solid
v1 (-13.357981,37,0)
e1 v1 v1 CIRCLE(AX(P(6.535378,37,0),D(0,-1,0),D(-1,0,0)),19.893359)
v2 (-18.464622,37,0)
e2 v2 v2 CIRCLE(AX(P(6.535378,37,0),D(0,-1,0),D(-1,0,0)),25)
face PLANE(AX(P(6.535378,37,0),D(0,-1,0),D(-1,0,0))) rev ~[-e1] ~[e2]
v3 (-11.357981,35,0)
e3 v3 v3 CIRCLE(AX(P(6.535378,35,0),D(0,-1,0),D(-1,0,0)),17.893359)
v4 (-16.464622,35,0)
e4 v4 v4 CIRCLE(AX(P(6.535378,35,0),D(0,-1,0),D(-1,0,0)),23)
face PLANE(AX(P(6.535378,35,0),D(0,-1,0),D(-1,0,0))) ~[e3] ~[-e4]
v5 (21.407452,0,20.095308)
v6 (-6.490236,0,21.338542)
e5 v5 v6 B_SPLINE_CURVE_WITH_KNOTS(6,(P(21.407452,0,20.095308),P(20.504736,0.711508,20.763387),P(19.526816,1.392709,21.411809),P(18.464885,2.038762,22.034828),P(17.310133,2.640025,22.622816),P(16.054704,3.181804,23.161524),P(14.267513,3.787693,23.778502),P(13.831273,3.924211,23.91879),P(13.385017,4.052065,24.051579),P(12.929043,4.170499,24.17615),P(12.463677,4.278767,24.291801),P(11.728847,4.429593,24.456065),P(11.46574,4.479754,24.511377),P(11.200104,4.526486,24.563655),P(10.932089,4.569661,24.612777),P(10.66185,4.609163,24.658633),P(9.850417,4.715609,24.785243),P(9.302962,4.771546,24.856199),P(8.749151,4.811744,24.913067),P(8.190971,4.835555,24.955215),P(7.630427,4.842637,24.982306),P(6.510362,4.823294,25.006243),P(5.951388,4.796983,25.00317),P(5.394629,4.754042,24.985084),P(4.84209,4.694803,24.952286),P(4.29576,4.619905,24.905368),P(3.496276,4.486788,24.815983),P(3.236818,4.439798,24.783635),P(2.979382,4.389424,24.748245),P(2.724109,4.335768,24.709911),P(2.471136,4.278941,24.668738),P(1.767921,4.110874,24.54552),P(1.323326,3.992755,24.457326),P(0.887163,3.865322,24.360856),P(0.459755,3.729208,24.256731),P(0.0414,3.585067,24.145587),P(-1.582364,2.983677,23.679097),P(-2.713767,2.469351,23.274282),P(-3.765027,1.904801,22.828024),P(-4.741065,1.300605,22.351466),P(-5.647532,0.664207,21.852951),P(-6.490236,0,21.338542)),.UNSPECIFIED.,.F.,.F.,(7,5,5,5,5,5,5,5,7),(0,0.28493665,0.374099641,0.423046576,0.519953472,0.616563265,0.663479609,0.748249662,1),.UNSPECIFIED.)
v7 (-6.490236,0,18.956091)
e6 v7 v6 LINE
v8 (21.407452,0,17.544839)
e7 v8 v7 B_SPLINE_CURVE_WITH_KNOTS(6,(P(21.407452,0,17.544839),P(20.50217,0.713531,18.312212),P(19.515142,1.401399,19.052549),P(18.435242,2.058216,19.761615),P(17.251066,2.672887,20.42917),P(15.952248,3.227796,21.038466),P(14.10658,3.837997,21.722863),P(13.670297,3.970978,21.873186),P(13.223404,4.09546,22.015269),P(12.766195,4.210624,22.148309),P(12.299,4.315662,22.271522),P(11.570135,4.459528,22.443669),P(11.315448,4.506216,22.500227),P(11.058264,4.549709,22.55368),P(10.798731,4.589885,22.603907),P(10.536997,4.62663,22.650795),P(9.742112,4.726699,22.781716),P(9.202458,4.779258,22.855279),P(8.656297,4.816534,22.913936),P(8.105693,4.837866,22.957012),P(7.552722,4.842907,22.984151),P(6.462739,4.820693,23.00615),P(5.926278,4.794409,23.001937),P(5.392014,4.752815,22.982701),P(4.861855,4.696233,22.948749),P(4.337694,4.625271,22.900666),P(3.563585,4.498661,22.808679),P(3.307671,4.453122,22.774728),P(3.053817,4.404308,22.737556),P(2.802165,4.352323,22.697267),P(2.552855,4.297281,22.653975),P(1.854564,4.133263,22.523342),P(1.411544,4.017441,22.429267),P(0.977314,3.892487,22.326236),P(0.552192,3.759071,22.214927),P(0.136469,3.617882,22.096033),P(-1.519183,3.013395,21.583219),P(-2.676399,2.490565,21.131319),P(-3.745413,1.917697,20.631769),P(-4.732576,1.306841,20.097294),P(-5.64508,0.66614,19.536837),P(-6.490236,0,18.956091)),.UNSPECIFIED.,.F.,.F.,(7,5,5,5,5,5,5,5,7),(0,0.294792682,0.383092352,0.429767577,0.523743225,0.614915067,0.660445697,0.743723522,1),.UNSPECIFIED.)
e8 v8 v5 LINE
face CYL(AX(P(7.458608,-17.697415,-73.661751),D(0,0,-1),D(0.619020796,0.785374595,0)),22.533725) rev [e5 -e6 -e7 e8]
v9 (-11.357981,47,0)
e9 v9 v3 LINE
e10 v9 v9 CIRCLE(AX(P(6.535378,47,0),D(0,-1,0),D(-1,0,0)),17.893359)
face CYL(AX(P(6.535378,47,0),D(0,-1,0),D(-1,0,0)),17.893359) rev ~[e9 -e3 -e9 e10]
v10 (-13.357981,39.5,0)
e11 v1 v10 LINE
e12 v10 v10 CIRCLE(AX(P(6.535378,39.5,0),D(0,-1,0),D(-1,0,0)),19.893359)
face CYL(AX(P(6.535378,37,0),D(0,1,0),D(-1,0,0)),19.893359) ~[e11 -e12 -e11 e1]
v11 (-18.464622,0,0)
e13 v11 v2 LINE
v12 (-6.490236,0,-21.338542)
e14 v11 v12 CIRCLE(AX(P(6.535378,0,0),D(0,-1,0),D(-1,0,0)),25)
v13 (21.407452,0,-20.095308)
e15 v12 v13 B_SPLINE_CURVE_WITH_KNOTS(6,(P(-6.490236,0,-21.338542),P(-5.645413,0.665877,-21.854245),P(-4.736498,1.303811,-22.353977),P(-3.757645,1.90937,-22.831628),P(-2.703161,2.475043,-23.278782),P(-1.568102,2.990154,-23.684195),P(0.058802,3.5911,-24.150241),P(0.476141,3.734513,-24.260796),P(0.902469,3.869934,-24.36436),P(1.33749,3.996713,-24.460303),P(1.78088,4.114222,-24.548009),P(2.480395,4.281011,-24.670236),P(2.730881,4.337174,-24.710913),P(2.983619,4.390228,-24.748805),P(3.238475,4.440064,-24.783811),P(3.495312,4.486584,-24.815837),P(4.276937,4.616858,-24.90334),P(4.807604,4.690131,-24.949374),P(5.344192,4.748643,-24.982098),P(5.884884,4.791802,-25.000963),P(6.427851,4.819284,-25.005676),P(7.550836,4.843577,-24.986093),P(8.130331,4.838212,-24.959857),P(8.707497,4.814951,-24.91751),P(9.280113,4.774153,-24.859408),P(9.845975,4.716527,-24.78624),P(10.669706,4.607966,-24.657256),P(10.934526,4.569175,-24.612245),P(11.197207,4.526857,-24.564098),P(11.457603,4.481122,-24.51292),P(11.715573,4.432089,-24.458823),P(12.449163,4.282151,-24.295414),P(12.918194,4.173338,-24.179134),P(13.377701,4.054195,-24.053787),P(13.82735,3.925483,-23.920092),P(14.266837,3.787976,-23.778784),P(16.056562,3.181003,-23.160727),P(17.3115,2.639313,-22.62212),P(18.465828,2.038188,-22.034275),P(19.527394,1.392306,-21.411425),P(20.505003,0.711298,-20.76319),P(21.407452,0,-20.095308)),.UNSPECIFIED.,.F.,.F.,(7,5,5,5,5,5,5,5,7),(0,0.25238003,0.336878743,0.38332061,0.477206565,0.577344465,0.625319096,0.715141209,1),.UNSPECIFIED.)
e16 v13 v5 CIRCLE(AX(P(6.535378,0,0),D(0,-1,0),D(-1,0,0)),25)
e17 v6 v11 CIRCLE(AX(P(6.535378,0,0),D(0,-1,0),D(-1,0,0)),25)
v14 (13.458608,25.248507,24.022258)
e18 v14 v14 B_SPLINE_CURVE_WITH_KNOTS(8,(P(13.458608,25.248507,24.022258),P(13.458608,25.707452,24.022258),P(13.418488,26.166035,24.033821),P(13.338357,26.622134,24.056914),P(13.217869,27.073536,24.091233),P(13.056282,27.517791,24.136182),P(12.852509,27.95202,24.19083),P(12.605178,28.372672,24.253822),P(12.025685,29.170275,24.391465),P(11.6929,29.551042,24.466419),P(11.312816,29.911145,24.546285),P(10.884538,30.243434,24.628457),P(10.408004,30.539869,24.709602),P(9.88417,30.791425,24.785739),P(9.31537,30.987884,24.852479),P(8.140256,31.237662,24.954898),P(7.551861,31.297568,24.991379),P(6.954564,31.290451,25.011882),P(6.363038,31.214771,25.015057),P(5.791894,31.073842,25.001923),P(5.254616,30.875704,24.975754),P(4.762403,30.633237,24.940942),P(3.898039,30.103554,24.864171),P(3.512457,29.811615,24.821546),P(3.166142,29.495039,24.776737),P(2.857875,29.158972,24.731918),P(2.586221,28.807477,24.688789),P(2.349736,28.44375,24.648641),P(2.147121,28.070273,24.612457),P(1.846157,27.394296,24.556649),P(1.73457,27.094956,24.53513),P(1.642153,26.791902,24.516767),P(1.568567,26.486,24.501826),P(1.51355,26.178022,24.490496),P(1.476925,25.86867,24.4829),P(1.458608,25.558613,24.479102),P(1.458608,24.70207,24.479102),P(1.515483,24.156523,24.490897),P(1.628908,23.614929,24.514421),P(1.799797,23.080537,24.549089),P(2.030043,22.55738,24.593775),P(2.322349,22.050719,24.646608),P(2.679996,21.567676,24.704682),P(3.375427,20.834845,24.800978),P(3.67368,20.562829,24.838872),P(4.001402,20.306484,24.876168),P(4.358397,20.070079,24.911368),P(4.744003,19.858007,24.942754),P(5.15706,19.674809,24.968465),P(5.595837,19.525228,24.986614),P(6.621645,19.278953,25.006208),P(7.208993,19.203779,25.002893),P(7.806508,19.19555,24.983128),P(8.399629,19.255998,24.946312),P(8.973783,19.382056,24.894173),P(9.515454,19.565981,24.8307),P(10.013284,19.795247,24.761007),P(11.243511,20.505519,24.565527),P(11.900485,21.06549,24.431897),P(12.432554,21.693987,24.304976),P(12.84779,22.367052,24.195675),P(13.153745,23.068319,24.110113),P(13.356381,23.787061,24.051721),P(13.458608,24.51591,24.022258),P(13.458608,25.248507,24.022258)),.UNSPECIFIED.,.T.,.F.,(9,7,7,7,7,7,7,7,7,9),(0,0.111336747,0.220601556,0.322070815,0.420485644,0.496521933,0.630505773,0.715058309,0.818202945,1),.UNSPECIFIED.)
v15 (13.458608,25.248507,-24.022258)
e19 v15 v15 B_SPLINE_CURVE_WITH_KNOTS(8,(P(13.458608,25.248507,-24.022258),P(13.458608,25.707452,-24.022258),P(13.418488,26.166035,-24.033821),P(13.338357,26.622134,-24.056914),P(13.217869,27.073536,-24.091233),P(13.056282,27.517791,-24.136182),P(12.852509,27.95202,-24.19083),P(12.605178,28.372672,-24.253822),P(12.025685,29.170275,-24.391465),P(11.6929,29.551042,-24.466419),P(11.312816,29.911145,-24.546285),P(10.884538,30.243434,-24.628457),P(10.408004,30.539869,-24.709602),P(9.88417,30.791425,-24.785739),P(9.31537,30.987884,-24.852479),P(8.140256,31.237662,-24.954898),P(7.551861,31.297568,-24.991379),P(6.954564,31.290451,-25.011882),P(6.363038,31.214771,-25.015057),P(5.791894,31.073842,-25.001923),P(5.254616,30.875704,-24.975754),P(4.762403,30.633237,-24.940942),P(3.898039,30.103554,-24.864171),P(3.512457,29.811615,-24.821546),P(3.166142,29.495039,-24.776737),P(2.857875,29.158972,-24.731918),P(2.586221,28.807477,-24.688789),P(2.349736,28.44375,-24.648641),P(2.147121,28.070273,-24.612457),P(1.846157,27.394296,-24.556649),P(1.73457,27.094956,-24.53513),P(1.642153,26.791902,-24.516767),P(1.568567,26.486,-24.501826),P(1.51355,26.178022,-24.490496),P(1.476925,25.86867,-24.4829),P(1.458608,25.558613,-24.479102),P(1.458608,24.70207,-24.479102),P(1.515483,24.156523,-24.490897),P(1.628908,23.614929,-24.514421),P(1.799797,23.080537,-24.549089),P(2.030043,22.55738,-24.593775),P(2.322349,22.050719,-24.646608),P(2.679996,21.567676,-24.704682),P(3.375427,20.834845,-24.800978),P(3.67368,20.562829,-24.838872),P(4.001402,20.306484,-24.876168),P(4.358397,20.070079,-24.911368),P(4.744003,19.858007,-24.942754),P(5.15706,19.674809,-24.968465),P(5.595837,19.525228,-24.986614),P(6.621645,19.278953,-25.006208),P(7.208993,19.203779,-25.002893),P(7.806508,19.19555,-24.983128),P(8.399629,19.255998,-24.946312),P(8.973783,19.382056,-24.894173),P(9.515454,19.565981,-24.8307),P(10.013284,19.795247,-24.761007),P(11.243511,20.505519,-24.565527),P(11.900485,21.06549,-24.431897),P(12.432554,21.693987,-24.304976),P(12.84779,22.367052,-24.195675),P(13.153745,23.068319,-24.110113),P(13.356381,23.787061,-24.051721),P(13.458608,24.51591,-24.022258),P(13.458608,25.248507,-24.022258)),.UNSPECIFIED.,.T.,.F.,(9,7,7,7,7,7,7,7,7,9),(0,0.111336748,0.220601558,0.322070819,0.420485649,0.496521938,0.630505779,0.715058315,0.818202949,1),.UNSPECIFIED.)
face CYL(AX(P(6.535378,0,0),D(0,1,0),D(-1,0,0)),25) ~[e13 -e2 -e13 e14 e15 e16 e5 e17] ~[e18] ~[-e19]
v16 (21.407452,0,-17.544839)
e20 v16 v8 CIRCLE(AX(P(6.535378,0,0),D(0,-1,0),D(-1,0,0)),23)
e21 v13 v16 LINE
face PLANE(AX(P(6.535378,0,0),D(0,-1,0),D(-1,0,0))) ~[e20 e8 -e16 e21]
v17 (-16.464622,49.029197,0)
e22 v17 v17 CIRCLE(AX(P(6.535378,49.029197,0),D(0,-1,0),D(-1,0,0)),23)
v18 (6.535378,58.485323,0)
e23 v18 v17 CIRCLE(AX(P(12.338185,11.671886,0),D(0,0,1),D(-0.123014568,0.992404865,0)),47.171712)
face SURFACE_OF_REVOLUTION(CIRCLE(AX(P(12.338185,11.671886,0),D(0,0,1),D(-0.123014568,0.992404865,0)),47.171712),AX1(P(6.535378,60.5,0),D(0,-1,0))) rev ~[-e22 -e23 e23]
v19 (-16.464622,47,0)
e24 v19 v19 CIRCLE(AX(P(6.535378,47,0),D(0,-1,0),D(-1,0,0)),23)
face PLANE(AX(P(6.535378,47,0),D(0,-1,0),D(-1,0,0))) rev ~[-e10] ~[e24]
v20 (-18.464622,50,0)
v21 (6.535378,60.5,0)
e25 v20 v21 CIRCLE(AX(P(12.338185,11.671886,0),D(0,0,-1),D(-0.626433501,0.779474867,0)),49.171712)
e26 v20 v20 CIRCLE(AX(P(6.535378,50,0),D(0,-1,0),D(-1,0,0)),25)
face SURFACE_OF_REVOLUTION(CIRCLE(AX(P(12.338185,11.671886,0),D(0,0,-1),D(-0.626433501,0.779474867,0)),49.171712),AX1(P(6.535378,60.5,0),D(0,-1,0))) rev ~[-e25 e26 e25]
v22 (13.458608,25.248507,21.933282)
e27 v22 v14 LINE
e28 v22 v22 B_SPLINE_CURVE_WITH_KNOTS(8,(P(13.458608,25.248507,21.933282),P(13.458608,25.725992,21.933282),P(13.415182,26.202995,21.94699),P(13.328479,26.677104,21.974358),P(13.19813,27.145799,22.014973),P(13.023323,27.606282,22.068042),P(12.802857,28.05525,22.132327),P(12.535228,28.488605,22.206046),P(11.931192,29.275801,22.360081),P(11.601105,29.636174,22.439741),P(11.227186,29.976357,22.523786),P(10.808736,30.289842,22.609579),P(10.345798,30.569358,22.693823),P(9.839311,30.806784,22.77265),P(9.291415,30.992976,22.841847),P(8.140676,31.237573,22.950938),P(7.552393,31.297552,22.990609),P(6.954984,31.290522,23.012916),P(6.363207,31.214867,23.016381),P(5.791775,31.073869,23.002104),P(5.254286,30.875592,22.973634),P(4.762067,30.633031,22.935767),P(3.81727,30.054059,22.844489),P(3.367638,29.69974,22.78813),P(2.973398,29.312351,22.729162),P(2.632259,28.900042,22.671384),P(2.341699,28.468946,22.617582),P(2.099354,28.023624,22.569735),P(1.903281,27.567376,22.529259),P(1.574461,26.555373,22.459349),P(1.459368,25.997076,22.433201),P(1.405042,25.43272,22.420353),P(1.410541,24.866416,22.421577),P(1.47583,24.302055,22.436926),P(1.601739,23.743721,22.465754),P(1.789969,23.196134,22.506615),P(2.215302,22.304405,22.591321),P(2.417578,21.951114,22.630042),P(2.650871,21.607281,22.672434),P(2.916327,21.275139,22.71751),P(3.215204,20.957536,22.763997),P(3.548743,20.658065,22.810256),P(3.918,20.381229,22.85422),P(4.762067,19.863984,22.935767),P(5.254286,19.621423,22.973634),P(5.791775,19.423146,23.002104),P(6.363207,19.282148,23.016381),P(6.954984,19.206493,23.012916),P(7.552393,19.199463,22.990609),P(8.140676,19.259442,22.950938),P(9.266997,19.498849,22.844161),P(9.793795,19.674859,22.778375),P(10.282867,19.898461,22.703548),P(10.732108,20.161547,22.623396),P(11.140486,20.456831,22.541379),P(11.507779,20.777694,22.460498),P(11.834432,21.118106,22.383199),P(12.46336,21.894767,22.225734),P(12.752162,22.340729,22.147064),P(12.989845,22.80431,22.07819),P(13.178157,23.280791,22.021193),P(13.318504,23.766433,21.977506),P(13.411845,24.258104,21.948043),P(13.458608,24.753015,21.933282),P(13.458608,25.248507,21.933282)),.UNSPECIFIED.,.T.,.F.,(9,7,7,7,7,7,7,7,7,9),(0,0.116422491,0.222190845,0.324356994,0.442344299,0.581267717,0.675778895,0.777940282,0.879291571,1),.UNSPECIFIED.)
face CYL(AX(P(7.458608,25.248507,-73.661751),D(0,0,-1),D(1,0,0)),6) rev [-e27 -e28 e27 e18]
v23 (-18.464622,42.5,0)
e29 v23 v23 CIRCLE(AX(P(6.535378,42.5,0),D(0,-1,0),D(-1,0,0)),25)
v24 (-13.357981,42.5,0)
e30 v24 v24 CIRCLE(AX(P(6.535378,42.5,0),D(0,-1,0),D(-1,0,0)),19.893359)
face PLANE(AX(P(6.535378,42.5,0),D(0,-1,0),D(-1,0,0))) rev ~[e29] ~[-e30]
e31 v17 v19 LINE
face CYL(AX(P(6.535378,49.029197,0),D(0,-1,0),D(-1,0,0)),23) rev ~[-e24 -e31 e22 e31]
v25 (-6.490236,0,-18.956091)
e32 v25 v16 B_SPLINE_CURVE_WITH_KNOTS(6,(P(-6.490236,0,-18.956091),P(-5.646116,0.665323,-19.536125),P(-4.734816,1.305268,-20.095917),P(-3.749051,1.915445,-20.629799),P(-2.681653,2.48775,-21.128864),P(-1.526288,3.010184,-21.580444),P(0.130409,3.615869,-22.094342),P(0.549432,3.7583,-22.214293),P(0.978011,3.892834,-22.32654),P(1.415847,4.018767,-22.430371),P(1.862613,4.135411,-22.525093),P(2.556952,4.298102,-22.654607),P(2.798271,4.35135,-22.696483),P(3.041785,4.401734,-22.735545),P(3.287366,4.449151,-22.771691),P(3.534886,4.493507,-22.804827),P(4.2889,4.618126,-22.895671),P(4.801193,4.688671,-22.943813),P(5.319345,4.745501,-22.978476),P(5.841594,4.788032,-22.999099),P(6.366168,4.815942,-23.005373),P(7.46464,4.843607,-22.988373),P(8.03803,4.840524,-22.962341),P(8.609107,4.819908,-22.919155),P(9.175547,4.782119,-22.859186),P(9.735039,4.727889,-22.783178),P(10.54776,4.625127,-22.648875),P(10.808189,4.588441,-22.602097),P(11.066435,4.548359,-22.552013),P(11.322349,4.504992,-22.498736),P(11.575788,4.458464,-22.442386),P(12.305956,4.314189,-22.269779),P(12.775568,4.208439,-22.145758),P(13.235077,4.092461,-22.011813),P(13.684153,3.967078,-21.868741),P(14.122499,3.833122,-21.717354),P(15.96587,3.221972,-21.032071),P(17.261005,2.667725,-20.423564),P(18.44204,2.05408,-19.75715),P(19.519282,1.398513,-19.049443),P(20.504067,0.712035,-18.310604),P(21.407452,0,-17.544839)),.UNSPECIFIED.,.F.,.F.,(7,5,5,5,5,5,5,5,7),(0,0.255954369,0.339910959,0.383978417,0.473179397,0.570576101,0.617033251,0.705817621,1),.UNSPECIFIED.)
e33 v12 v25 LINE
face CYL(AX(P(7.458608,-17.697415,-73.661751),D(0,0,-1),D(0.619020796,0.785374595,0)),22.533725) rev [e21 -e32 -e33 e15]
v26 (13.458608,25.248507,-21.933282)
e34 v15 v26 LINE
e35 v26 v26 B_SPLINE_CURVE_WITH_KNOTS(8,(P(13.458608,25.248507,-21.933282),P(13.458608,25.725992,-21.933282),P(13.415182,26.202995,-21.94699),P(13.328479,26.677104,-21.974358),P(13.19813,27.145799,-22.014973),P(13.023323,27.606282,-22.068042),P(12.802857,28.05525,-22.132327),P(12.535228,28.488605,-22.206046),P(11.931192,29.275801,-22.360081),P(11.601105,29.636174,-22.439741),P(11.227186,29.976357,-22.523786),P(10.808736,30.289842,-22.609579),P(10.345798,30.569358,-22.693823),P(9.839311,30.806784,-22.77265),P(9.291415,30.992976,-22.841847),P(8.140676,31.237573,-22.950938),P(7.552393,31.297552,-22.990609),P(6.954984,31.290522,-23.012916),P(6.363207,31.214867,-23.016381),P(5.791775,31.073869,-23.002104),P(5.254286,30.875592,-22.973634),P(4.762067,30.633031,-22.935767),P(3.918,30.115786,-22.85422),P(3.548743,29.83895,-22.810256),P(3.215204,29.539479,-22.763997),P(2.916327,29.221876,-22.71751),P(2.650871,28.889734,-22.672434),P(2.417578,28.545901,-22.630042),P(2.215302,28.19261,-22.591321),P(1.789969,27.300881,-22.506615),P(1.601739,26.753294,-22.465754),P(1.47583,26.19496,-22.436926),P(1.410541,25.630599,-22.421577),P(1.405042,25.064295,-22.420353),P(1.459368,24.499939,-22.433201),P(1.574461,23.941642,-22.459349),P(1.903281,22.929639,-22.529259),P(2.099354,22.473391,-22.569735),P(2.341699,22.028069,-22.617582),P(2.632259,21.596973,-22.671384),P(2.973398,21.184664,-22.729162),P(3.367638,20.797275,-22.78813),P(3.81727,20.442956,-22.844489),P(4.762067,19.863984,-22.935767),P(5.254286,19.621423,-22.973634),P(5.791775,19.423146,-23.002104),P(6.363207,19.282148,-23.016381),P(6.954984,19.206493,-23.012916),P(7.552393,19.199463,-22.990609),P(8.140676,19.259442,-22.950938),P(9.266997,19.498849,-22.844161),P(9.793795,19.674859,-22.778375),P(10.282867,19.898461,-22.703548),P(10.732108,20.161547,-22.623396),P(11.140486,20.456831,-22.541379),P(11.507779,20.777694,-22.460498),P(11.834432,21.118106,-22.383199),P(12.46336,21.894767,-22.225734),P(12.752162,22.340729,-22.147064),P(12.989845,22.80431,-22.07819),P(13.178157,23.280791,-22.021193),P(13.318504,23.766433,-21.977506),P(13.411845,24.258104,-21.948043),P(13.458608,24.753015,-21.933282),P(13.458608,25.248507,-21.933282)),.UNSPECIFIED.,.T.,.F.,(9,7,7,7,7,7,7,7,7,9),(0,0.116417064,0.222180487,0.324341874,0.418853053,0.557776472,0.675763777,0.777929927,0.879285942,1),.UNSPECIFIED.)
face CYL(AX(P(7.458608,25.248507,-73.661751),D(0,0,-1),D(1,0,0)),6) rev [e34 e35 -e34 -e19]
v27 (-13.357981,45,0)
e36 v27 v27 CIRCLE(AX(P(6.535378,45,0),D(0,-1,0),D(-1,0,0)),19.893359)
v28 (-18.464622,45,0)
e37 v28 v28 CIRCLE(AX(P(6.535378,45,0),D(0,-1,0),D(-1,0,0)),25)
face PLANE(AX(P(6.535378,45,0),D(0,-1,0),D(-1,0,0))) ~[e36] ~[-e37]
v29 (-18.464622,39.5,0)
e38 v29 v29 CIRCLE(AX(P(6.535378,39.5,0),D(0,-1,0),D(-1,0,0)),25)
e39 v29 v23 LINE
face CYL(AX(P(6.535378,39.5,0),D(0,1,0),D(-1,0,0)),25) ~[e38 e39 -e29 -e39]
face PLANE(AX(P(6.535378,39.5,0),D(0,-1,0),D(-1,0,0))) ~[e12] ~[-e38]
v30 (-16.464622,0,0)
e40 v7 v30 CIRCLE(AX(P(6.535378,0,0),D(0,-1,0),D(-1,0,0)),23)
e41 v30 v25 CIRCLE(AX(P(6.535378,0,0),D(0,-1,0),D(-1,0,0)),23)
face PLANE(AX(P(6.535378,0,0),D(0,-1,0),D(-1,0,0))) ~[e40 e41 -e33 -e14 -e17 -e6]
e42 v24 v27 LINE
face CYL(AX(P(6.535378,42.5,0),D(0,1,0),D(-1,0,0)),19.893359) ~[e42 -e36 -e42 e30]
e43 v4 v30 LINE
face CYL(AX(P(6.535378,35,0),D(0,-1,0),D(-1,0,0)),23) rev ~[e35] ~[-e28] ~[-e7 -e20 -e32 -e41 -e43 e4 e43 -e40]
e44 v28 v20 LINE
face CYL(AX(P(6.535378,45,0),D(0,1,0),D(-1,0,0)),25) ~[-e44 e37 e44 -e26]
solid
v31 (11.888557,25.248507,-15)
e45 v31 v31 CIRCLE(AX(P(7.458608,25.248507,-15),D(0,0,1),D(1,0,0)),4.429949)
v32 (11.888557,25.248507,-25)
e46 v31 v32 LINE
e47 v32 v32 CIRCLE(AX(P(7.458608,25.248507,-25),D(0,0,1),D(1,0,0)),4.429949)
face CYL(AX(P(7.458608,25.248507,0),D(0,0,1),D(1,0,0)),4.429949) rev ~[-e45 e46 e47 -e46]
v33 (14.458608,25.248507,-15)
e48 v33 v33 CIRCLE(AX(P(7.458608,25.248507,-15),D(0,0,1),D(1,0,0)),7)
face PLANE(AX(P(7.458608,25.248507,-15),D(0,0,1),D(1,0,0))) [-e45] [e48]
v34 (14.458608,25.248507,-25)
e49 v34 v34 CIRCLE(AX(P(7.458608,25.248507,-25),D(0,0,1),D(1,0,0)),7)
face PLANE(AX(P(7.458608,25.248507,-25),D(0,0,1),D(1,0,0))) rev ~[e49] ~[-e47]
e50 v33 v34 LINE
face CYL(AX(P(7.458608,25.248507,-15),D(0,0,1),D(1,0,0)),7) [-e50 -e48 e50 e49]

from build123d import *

# Parameters (mm, degrees)
CUT_EXTRUDE2_DEPTH      = 73.661751058
CUT_EXTRUDE2_DEPTH_BACK = 73.661751058
SKETCH2_R               = 6
BOSS_EXTRUDE12_START    = -15
SKETCH5_R               = 7
BOSS_EXTRUDE12_DEPTH    = 10
SKETCH8_R               = 4.429949132
CUT_EXTRUDE17_DEPTH     = 65


with BuildPart() as part:
    # Sketch1 → Revolve1 (revolve)
    with BuildSketch(Plane.XY, mode=Mode.PRIVATE) as revolve1_sk:
        with BuildLine():
            Line((31.535377647, 0), (31.535377647, 37))
            Line((31.535377647, 37), (26.428736502, 37))
            Line((26.428736502, 37), (26.428736502, 39.5))
            Line((26.428736502, 39.5), (31.535377647, 39.5))
            Line((31.535377647, 39.5), (31.535377647, 42.5))
            Line((31.535377647, 42.5), (26.428736502, 42.5))
            Line((26.428736502, 42.5), (26.428736502, 45))
            Line((26.428736502, 45), (31.535377647, 45))
            Line((31.535377647, 45), (31.535377647, 50))
            ThreePointArc((31.535377647, 50), (19.773454106, 57.007324902), (6.535377647, 60.5))
            Line((6.535377647, 60.5), (6.535377647, 58.485322825))
            ThreePointArc((6.535377647, 58.485322825), (18.669730587, 55.300187699), (29.535377647, 49.029197266))
            Line((29.535377647, 49.029197266), (29.535377647, 47))
            Line((29.535377647, 47), (24.428736502, 47))
            Line((24.428736502, 47), (24.428736502, 41))
            Line((24.428736502, 41), (24.428736502, 35))
            Line((24.428736502, 35), (29.535377647, 35))
            Line((29.535377647, 35), (29.535377647, 0))
            Line((29.535377647, 0), (31.535377647, 0))
        make_face()
    revolve(revolve1_sk.sketch.rotate(Axis((6.535377647, 60.5, 0), (0, -1, 0)), 180), axis=Axis((6.535377647, 60.5, 0), (0, -1, 0)))

    # Sketch2 → Cut-Extrude2 (cut, two sides: drawn at the far end of the back side and taken through both)
    with BuildSketch(Plane.XY.offset(-CUT_EXTRUDE2_DEPTH_BACK)):
        with Locations((7.458608079, 25.248507494)):
            Circle(SKETCH2_R)
        with BuildLine():
            Line((-6.490236288, 0), (21.407452446, 0))
            ThreePointArc((21.407452446, 0), (7.458608079, 4.836309849), (-6.490236288, 0))
        make_face()
    extrude(amount=CUT_EXTRUDE2_DEPTH + CUT_EXTRUDE2_DEPTH_BACK, mode=Mode.SUBTRACT)


with BuildPart() as body_2:
    # Sketch5 → Boss-Extrude12 (new, through all)
    with BuildSketch(Plane.XY.offset(BOSS_EXTRUDE12_START)):
        with Locations((7.458608079, 25.248507494)):
            Circle(SKETCH5_R)
    extrude(amount=-BOSS_EXTRUDE12_DEPTH)

    # Sketch8 → Cut-Extrude17 (cut)
    with BuildSketch(Plane.XY):
        with Locations((7.458608079, 25.248507494)):
            Circle(SKETCH8_R)
    extrude(amount=-CUT_EXTRUDE17_DEPTH, mode=Mode.SUBTRACT)


solid = Compound([part.part, body_2.part])
